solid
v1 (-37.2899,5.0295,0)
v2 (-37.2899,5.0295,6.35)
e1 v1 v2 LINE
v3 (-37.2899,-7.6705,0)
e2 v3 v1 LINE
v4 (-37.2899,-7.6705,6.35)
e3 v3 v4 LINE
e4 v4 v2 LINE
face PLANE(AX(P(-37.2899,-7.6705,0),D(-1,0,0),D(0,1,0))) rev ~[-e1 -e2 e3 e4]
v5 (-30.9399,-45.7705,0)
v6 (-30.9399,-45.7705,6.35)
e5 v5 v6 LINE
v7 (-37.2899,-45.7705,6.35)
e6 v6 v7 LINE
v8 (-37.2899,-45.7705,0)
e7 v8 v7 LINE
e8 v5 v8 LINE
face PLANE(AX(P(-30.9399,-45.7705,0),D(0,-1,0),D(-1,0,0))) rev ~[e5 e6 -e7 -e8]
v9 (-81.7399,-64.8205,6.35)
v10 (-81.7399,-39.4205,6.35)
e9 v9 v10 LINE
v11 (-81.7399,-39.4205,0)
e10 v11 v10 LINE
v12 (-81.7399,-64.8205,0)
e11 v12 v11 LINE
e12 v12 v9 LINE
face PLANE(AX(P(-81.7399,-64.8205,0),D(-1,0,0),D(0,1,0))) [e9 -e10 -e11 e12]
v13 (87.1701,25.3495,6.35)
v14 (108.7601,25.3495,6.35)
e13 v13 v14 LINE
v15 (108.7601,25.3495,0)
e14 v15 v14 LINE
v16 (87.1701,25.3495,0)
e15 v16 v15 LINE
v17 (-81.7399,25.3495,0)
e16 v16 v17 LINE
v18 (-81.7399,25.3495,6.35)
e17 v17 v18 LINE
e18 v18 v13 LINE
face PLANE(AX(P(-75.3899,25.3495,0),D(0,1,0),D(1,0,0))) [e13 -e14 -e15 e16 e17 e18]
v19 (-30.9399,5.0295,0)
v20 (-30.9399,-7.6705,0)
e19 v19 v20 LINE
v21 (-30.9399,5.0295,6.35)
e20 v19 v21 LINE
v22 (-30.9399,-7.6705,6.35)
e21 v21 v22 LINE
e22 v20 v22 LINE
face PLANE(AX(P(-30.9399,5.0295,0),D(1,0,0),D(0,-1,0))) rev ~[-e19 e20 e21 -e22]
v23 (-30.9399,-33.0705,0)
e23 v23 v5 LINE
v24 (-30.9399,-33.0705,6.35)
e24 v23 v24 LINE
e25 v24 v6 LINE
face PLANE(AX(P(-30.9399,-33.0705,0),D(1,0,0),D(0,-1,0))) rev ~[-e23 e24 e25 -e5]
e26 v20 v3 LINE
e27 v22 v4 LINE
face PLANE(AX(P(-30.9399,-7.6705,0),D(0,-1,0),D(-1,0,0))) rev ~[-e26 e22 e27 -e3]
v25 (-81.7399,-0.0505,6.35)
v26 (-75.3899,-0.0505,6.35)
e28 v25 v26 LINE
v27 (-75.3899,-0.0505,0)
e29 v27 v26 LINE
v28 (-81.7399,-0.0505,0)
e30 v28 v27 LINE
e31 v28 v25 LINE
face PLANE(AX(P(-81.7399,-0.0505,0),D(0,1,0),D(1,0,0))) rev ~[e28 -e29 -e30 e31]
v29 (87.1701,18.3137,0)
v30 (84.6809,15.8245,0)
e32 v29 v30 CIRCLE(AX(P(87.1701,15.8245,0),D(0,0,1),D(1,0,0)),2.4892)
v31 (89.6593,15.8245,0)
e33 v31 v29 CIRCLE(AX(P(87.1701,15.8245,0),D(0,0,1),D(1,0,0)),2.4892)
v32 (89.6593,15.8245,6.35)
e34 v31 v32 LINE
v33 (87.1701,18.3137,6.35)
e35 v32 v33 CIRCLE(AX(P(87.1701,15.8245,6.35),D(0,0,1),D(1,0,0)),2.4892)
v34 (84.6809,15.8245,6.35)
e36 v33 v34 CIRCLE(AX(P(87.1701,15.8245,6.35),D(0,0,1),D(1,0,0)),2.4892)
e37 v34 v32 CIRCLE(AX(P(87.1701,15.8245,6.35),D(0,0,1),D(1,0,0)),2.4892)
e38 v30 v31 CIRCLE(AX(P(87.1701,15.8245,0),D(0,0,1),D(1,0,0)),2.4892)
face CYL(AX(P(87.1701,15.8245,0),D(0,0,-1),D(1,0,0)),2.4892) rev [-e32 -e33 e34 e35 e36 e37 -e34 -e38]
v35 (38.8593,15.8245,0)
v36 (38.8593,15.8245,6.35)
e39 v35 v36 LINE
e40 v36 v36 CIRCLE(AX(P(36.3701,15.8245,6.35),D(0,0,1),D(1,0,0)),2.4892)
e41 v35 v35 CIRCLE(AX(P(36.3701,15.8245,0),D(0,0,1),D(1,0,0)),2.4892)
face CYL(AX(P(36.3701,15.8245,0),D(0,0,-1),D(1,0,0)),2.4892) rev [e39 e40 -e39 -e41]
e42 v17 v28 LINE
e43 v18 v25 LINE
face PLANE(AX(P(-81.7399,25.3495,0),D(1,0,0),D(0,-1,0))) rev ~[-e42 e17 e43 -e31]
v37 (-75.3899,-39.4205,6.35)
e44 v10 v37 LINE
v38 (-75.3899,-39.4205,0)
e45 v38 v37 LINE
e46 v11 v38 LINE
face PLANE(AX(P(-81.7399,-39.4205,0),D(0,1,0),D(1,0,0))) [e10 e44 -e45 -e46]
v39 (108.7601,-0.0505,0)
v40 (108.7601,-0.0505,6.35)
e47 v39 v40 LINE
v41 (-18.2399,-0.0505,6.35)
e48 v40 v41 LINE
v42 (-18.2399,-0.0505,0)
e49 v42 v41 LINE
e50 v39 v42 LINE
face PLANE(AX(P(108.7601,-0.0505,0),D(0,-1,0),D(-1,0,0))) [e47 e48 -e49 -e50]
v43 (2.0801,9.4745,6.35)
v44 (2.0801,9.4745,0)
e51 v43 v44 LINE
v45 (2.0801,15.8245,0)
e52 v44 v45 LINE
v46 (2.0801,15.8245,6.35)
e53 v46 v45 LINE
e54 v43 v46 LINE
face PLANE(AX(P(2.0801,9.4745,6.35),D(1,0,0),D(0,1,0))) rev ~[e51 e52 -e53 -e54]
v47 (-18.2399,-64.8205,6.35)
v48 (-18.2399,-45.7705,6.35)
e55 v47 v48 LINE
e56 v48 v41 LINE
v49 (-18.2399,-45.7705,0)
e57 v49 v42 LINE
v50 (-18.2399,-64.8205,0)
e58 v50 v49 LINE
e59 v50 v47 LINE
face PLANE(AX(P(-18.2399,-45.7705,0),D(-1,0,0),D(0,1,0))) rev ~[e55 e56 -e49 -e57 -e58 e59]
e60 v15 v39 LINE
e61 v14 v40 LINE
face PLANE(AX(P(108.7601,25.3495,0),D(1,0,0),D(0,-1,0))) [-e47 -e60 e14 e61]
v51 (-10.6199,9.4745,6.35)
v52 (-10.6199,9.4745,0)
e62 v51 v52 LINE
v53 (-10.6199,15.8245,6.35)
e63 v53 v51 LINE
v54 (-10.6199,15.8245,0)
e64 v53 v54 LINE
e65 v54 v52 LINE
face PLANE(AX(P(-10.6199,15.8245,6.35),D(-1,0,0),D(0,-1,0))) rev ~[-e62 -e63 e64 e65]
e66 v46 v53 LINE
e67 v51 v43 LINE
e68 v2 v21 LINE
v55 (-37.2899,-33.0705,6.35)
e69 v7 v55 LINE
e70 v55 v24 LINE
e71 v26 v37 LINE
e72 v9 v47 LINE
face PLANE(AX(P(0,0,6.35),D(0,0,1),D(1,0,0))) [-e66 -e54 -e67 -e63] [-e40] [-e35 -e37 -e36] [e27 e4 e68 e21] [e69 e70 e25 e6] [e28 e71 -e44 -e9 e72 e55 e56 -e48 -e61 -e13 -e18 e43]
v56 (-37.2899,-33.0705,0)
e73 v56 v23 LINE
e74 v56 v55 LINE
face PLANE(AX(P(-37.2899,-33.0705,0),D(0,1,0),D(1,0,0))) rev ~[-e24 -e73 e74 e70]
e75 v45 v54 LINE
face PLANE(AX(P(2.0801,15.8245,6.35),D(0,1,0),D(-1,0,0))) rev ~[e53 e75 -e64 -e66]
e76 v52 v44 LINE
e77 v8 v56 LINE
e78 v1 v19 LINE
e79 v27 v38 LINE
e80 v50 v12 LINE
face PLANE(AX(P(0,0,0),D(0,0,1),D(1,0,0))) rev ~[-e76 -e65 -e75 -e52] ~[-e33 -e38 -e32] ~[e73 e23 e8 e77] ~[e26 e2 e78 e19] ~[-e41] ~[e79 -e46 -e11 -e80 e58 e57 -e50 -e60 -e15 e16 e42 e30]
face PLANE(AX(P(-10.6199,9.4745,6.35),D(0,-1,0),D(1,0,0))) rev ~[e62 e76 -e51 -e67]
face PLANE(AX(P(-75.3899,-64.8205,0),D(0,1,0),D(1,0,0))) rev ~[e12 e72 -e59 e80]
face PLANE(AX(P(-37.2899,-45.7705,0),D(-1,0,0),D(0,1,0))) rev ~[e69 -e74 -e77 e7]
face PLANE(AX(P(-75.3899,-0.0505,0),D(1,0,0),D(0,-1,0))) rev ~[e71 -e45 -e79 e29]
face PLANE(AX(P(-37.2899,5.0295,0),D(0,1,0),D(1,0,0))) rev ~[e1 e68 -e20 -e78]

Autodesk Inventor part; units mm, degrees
ref_plane "YZ Plane" through (0, 0, 0) normal (1, 0, 0) x (0, 1, 0)
ref_plane "XZ Plane" through (0, 0, 0) normal (0, 1, 0) x (-1, 0, 0)
ref_plane "XY Plane" through (0, 0, 0) normal (0, 0, 1) x (1, 0, 0)
sketch "Sketch2" plane through (0, 0, 0) normal (0, 0, 1) x (1, 0, 0)
  line L0 (-75.3899, 25.3495) -> (108.7601, 25.3495)
  line L1 (108.7601, 25.3495) -> (108.7601, -0.0505)
  line L2 (108.7601, -0.0505) -> (-18.2399, -0.0505)
  line L3 (-75.3899, 25.3495) -> (-75.3899, -64.8205)
  line L4 (-75.3899, -64.8205) -> (-18.2399, -64.8205)
  line L5 (-18.2399, -64.8205) -> (-18.2399, -0.0505)
  line L6 (-75.3899, 25.3495) -> (-81.7399, 25.3495)
  line L7 (-81.7399, 25.3495) -> (-81.7399, -0.0505)
  line L8 (-81.7399, -0.0505) -> (-75.3899, -0.0505)
  line L9 (-75.3899, -64.8205) -> (-81.7399, -64.8205)
  line L10 (-81.7399, -64.8205) -> (-81.7399, -39.4205)
  line L11 (-81.7399, -39.4205) -> (-75.3899, -39.4205)
  line L12 (108.7601, 25.3495) -> (87.1701, 25.3495)
  line L13 (87.1701, 25.3495) -> (87.1701, 15.8245)
  line L14 (87.1701, 15.8245) -> (36.3701, 15.8245)
  circle A0 centre (36.3701, 15.8245) radius 2.4892
  circle A1 centre (87.1701, 15.8245) radius 2.4892
  line L15 (-18.2399, -64.8205) -> (-18.2399, -45.7705)
  line L16 (-18.2399, -45.7705) -> (-37.2899, -45.7705)
  line L17 (-37.2899, -45.7705) -> (-37.2899, -33.0705)
  line L18 (-37.2899, -33.0705) -> (-30.9399, -33.0705)
  line L19 (-30.9399, -33.0705) -> (-30.9399, -7.6705)
  line L20 (-30.9399, -7.6705) -> (-37.2899, -7.6705)
  line L21 (-37.2899, -7.6705) -> (-37.2899, 5.0295)
  line L22 (-37.2899, 5.0295) -> (-30.9399, 5.0295)
  line L23 (-30.9399, 5.0295) -> (-30.9399, -7.6705)
  line L24 (-30.9399, -33.0705) -> (-30.9399, -45.7705)
  point P0 (0, 0)
  dimension "d5" = 184.15
  dimension "d6" = 25.4
  dimension "d7" = 127
  dimension "d8" = 90.17
  dimension "d9" = 6.35
  dimension "d10" = 25.4
  dimension "d11" = 25.4
  dimension "d12" = 21.59
  dimension "d13" = 9.525
  dimension "d14" = 50.8
  dimension "d15" = 4.9784
  dimension "d16" = 4.9784
  dimension "d17" = 19.05
  dimension "d18" = 19.05
  dimension "d19" = 12.7
  dimension "d20" = 6.35
  dimension "d21" = 25.4
  dimension "d22" = 6.35
  dimension "d23" = 12.7
extrude "Extrusion1" add sketch "Sketch2" along normal blind 6.35
sketch "Sketch3" plane through (0, 0, 6.35) normal (0, 0, 1) x (1, 0, 0)
  line L0 (-81.7399, 25.3495) -> (108.7601, 25.3495) projected
  line L1 (108.7601, 25.3495) -> (2.0801, 25.3495)
  line L2 (2.0801, 25.3495) -> (2.0801, 15.8245)
  line L3 (2.0801, 15.8245) -> (-10.6199, 15.8245)
  line L4 (-10.6199, 15.8245) -> (-10.6199, 9.4745)
  line L5 (-10.6199, 9.4745) -> (2.0801, 9.4745)
  line L6 (2.0801, 9.4745) -> (2.0801, 15.8245)
  point P0 (0, 0)
  dimension "d26" = 106.68
  dimension "d27" = 9.525
  dimension "d28" = 12.7
  dimension "d29" = 6.35
extrude "Extrusion2" cut sketch "Sketch3" against normal blind 25.4
properties part number "side 1"
